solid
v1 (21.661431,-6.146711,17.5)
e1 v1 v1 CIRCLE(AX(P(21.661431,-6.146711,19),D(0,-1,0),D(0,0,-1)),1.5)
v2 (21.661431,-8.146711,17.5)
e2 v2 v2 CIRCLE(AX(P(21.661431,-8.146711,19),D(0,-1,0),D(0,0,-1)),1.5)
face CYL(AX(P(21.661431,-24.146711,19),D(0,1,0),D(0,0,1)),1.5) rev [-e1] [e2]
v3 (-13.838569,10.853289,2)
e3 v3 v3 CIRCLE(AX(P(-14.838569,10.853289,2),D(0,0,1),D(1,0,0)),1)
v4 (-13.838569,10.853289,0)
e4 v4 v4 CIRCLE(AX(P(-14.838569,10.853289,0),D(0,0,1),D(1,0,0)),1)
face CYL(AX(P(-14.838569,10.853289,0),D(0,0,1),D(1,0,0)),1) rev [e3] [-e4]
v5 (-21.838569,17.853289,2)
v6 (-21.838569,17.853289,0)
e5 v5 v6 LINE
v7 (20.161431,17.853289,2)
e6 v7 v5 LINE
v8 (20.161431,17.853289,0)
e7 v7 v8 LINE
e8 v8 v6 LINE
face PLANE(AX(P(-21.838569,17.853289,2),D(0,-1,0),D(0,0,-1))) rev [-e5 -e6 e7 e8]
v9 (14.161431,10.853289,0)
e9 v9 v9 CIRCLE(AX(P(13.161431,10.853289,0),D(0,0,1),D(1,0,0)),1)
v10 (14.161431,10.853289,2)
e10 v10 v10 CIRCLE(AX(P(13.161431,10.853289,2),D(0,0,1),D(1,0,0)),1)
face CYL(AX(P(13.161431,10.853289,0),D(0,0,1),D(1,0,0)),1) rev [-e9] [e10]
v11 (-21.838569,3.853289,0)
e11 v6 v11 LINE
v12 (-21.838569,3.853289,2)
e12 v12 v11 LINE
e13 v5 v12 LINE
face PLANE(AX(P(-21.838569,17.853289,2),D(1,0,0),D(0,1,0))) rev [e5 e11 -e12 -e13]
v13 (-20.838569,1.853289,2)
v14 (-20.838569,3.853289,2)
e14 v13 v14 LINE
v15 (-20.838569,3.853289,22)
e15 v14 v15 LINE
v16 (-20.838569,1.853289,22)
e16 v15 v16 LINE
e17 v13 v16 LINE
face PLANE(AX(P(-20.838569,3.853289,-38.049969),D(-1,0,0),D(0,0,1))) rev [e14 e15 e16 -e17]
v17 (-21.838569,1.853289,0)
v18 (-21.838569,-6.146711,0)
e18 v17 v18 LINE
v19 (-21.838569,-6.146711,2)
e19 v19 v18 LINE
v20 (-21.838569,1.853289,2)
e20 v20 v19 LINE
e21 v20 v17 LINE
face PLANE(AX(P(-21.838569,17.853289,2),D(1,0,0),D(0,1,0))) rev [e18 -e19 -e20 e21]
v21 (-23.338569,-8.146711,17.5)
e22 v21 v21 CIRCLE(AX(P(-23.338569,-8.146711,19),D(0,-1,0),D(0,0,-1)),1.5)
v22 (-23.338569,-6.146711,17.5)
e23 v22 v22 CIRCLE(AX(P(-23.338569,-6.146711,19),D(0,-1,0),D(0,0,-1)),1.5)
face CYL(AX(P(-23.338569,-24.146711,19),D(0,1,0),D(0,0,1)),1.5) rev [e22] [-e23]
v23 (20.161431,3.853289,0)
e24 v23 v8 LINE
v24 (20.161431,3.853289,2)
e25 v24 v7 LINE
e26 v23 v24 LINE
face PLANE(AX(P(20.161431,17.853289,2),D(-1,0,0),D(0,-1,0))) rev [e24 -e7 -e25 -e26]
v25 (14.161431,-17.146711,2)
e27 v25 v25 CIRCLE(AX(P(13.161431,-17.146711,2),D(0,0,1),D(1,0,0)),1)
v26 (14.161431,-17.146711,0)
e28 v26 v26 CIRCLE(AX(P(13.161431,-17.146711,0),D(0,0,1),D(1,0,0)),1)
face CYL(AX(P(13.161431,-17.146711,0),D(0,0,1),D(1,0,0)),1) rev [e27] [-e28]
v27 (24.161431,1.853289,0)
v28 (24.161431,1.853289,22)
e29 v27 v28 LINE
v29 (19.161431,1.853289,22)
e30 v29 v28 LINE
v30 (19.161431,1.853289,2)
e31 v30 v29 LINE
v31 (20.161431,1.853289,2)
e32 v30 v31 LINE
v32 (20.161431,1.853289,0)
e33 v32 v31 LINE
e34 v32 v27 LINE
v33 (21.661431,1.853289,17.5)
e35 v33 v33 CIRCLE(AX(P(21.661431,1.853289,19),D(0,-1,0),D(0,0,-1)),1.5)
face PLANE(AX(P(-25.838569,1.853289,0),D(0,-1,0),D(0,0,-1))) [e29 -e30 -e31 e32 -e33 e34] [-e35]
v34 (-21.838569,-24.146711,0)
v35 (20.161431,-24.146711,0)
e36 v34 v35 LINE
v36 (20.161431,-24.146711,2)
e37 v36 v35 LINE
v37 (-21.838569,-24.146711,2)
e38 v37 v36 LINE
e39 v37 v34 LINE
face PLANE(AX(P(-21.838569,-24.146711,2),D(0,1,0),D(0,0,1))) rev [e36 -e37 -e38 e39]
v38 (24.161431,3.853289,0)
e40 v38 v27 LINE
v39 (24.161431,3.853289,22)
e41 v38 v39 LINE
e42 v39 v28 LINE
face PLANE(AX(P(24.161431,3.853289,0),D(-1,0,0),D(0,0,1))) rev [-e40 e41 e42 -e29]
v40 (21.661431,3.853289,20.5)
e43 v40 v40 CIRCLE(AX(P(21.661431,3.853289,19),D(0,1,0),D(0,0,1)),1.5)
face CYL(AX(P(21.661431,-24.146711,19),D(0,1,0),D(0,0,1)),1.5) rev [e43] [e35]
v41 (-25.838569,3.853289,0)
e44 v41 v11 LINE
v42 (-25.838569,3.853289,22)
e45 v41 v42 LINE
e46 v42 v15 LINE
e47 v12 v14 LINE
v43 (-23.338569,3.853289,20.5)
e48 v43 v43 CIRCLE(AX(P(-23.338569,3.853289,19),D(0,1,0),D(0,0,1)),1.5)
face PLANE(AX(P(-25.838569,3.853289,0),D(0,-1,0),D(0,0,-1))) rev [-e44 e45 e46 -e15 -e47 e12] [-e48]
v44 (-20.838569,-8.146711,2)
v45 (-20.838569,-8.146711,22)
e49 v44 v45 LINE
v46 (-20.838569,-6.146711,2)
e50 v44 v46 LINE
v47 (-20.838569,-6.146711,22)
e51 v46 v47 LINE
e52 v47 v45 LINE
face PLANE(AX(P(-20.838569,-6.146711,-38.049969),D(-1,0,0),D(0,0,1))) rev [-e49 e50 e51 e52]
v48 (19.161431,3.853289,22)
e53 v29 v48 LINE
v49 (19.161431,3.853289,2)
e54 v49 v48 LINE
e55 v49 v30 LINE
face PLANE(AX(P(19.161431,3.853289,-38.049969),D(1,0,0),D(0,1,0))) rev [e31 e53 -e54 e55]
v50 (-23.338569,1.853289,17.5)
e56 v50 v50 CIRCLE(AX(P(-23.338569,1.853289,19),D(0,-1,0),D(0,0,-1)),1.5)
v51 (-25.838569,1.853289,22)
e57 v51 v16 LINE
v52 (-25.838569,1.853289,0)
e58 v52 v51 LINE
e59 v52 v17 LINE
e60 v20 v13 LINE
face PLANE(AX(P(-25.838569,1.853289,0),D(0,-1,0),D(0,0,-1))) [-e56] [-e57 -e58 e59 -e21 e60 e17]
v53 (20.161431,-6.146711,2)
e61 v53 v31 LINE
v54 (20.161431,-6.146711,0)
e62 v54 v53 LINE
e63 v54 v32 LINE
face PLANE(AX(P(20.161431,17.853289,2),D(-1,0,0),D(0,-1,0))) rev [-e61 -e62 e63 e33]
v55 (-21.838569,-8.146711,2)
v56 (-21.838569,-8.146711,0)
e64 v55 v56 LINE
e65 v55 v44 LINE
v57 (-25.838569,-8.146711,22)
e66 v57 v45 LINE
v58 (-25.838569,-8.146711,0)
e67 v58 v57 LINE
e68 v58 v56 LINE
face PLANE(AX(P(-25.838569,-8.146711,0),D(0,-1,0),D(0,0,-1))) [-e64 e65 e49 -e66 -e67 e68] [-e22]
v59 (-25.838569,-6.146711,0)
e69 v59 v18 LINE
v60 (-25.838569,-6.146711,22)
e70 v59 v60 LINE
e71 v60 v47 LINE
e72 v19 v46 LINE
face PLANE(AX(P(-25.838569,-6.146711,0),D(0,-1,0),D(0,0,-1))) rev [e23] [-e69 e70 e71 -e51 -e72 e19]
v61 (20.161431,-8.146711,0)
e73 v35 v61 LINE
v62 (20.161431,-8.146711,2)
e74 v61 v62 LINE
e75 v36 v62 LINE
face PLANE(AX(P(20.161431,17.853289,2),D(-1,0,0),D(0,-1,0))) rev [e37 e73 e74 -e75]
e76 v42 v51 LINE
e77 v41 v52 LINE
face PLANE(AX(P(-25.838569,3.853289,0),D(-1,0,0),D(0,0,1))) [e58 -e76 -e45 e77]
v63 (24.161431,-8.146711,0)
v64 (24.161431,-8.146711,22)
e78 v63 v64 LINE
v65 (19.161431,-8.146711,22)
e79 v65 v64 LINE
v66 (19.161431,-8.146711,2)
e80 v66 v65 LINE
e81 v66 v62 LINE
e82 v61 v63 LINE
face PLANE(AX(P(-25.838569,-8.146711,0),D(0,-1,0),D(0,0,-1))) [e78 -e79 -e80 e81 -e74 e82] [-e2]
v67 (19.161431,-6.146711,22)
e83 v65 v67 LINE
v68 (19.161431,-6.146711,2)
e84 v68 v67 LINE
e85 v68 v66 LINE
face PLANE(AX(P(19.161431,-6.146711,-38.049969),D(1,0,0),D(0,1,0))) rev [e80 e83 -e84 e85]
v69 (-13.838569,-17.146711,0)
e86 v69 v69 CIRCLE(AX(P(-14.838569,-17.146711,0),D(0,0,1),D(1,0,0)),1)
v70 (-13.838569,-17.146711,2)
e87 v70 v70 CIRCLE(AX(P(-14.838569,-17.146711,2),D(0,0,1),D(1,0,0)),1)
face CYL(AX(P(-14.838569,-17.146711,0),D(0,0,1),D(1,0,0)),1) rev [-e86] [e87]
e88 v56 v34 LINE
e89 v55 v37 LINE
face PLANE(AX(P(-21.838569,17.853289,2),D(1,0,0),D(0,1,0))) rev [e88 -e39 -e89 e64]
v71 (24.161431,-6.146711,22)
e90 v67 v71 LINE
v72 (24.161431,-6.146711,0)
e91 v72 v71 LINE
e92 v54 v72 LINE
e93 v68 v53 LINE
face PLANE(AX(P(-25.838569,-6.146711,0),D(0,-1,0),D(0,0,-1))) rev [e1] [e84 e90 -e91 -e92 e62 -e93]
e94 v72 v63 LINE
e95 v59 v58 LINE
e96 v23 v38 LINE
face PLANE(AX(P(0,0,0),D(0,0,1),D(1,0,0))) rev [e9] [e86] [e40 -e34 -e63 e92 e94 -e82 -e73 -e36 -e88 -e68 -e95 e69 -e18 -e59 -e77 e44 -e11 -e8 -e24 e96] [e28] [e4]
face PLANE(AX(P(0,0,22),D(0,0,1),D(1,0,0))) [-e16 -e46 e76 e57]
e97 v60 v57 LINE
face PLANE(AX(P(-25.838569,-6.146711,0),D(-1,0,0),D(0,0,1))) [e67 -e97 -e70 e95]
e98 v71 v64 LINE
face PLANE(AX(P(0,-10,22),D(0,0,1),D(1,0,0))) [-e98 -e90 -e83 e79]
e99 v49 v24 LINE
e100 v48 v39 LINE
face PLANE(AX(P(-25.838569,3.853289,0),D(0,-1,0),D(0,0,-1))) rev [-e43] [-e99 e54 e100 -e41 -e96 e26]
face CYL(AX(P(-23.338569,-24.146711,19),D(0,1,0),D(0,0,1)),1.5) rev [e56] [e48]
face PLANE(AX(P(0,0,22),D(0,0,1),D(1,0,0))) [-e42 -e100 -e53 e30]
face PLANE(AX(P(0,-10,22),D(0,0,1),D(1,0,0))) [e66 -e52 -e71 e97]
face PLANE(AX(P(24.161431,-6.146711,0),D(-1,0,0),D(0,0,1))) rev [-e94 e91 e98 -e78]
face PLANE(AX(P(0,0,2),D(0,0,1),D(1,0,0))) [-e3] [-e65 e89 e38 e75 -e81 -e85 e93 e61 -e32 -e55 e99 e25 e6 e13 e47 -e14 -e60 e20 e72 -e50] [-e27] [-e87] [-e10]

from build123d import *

# Parameters (mm, degrees)
SKETCH_1_W                  = 42
SKETCH_1_H                  = 42
EXTRUDE_1_DEPTH             = 2
SKETCH_2_R                  = 1
CUT_EXTRUDE_2_DEPTH         = 33.61880943
PATTERN_LINEAR_1_COUNT      = 2
PATTERN_LINEAR_1_PITCH      = 28
PATTERN_LINEAR_1_COUNT_DIR2 = 2
PATTERN_LINEAR_1_PITCH_DIR2 = 28
EXTRUDE_START               = -2
SKETCH_4_W                  = 50
SKETCH_4_H                  = 2
EXTRUDE_2_DEPTH             = 22
SKETCH_7_W                  = 40
SKETCH_7_H                  = 2
CUT_EXTRUDE_3_DEPTH         = 20
PATTERN_LINEAR_2_COUNT      = 2
PATTERN_LINEAR_2_PITCH      = 10
SKETCH_8_R                  = 1.5
CUT_EXTRUDE_4_DEPTH         = 44.995814029
PATTERN_LINEAR_3_COUNT      = 4
PATTERN_LINEAR_3_PITCH      = 5
PATTERN_LINEAR_3_COUNT_DIR2 = 2
PATTERN_LINEAR_3_PITCH_DIR2 = 45


with BuildPart() as part:
    # 草图1 → 凸台-拉伸1 (new body)
    with BuildSketch(Plane.XY):
        with Locations((-0.838569079, -3.146710526)):
            Rectangle(SKETCH_1_W, SKETCH_1_H)
    extrude(amount=EXTRUDE_1_DEPTH)

    # 草图2 → 切除-拉伸2 (cut, through all)
    with BuildSketch(Plane.XY.offset(2)):
        with Locations((-14.838569079, 10.853289474)):
            Circle(SKETCH_2_R)
    cut_extrude_2 = extrude(amount=-CUT_EXTRUDE_2_DEPTH, mode=Mode.SUBTRACT)

    # 阵列(线性)1: Cut-Extrude 2 2 × 2
    with Locations(*[(j * PATTERN_LINEAR_1_PITCH_DIR2, -i * PATTERN_LINEAR_1_PITCH, 0) for i in range(PATTERN_LINEAR_1_COUNT) for j in range(PATTERN_LINEAR_1_COUNT_DIR2) if (i, j) != (0, 0)]):
        add(cut_extrude_2, mode=Mode.SUBTRACT)

    # 草图4 → 凸台-拉伸2 (add)
    with BuildSketch(Plane.XY.offset(2).offset(EXTRUDE_START)):
        with Locations((-0.838569079, 2.853289474)):
            Rectangle(SKETCH_4_W, SKETCH_4_H)
    extrude_2 = extrude(amount=EXTRUDE_2_DEPTH)

    # 草图7 → 切除-拉伸3 (cut)
    with BuildSketch(Plane.XY.offset(22)):
        with Locations((-0.838569079, 2.853289474)):
            Rectangle(SKETCH_7_W, SKETCH_7_H)
    cut_extrude_3 = extrude(amount=-CUT_EXTRUDE_3_DEPTH, mode=Mode.SUBTRACT)

    # 阵列(线性)2: 凸台-拉伸2, 切除-拉伸3 ×2
    with Locations(*[(0, -i * PATTERN_LINEAR_2_PITCH, 0) for i in range(1, PATTERN_LINEAR_2_COUNT)]):
        add(extrude_2)
        add(cut_extrude_3, mode=Mode.SUBTRACT)

    # 草图8 → 切除-拉伸4 (cut, through all)
    with BuildSketch(Plane(origin=(0, 3.853289474, 0), x_dir=(1, 0, 0), z_dir=(0, 1, 0))):
        with Locations(Location((-23.338569079, -19, 0), (0, 0, 270))):
            Circle(SKETCH_8_R)
    cut_extrude_4 = extrude(amount=-CUT_EXTRUDE_4_DEPTH, mode=Mode.SUBTRACT)

    # 阵列(线性)3: Cut-Extrude 4 4 × 2
    with Locations(*[(j * PATTERN_LINEAR_3_PITCH_DIR2, 0, i * PATTERN_LINEAR_3_PITCH) for i in range(PATTERN_LINEAR_3_COUNT) for j in range(PATTERN_LINEAR_3_COUNT_DIR2) if (i, j) != (0, 0)]):
        add(cut_extrude_4, mode=Mode.SUBTRACT)


solid = part.part
